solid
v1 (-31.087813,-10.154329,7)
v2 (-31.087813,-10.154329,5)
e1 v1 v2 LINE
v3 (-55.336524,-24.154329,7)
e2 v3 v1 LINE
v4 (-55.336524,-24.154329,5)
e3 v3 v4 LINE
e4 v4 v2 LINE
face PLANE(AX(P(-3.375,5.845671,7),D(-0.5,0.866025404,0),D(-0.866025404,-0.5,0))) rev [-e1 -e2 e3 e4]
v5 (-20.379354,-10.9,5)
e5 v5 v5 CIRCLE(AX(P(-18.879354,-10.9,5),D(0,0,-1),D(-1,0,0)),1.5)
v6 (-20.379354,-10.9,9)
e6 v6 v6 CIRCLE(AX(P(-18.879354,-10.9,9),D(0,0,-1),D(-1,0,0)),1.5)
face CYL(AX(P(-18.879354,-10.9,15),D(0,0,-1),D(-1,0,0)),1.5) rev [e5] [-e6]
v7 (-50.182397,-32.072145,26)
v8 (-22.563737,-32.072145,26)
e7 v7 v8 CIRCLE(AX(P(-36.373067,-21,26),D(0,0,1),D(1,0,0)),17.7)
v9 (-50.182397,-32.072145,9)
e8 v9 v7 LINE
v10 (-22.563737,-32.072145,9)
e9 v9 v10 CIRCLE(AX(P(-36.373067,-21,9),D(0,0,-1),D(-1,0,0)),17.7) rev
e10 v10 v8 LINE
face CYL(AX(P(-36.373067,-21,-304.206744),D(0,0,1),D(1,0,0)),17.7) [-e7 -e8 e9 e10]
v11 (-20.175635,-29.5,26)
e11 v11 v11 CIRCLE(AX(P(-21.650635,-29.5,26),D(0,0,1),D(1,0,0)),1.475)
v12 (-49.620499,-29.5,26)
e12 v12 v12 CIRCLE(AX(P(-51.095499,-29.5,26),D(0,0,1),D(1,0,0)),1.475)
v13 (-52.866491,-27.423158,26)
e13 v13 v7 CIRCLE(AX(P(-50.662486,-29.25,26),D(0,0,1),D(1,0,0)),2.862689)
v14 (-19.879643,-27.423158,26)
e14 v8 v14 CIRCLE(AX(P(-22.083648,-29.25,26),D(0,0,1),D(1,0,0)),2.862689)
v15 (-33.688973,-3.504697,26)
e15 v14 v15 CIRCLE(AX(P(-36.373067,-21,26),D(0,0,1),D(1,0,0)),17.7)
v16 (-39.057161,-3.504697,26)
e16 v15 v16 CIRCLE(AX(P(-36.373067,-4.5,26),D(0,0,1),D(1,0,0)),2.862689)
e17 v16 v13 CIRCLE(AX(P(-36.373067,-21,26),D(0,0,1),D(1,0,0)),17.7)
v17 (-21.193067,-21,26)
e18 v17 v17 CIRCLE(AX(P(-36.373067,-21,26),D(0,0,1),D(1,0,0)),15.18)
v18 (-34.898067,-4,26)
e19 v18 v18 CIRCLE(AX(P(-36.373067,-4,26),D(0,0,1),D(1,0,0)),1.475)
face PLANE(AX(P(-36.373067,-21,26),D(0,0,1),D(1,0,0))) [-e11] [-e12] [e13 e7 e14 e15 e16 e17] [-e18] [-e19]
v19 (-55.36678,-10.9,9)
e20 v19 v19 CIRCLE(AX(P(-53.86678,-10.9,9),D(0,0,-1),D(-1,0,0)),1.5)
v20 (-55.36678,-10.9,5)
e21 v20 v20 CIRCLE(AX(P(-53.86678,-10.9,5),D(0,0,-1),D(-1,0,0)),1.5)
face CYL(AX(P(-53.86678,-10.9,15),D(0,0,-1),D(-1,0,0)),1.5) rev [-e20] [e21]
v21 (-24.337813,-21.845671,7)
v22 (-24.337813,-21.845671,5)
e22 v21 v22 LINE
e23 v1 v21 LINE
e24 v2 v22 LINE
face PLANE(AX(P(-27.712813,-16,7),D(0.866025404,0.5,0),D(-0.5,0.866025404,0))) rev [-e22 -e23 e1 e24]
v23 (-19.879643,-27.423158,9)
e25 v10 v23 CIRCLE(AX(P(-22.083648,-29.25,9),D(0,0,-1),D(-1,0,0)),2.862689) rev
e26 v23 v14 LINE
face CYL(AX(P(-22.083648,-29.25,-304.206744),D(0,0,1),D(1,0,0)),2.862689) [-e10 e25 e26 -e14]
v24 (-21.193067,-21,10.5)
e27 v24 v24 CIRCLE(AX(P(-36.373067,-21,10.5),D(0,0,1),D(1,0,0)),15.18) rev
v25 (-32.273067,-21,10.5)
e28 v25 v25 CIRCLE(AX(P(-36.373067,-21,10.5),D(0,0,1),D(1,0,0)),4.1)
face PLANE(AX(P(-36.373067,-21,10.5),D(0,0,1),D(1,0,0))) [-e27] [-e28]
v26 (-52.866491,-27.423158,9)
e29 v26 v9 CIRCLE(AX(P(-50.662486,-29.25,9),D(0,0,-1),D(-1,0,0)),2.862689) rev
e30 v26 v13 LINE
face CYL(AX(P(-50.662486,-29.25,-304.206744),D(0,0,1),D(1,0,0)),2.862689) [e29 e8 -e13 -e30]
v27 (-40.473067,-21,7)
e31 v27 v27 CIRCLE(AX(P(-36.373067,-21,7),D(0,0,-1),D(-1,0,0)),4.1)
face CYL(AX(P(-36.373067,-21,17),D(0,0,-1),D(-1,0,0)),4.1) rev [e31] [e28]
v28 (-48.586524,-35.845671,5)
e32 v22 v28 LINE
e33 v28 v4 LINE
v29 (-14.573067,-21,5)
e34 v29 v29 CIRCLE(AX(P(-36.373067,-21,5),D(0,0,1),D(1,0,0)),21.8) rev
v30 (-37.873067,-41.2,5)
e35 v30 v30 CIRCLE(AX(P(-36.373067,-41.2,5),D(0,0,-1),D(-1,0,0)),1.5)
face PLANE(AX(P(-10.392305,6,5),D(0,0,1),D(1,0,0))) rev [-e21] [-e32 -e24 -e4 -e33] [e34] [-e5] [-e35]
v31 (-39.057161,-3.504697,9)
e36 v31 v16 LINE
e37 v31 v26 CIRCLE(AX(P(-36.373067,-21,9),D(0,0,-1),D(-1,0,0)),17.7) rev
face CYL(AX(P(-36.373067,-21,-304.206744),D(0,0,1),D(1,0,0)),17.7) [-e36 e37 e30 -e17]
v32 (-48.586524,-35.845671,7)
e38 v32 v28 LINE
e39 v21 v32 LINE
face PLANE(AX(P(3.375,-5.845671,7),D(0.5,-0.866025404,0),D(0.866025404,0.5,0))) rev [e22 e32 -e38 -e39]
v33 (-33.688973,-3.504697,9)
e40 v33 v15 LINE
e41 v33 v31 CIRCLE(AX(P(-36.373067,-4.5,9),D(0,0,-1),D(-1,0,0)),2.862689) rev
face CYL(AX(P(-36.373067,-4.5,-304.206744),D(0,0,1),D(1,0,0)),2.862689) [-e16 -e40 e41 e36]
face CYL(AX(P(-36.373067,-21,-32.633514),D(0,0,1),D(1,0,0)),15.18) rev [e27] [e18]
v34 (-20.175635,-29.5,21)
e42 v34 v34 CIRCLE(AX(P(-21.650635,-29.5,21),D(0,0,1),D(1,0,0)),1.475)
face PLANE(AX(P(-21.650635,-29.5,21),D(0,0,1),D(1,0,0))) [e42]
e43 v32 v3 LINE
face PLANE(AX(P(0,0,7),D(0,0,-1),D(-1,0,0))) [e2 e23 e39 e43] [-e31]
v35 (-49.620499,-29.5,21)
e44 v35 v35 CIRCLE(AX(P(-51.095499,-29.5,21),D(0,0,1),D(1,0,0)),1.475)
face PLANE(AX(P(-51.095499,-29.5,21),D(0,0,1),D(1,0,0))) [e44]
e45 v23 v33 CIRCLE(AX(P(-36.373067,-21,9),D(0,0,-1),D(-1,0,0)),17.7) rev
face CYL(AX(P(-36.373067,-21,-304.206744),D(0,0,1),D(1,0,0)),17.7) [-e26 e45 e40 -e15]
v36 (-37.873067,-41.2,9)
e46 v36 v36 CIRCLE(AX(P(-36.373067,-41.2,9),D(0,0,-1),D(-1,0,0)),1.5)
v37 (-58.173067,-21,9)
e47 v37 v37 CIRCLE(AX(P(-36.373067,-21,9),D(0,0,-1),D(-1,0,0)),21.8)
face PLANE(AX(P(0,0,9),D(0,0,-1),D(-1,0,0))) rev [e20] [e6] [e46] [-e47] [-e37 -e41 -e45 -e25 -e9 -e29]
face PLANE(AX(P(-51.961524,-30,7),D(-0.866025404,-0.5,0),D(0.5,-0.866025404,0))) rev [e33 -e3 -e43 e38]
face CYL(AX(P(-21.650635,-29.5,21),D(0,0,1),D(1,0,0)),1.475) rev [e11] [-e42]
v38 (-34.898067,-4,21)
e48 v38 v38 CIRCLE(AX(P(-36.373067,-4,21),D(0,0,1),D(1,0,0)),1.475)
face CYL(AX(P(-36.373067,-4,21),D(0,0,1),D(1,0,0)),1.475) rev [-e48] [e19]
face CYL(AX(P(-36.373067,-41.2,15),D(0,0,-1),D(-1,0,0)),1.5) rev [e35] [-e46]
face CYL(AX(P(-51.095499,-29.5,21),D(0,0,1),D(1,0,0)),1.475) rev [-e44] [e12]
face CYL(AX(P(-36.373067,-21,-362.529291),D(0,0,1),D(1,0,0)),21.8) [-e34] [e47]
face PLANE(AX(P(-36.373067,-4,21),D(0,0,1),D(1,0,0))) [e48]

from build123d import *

# Parameters (mm, degrees)
SKETCH_1_R           = 20
SKETCH_1_R_2         = 15.75
EXTRUDE_1_DEPTH      = 5
EXTRUDE_2_DEPTH      = 8
SKETCH_3_R           = 18
EXTRUDE_3_DEPTH      = 13
EXTRUDE_6_DEPTH      = 8
SKETCH_4_R           = 15
CUT_EXTRUDE_1_DEPTH  = 15.5
SKETCH_7_R           = 3
CUT_EXTRUDE_2_DEPTH  = 10
EXTRUDE_7_REACH      = 92.44
SKETCH_9_R           = 1.475
CUT_EXTRUDE_3_DEPTH  = 5
SKETCH_10_W          = 1.475
SKETCH_10_H          = 47.880376143
SKETCH_11_W          = 47.783072431
SKETCH_11_H          = 1.475
CUT_EXTRUDE_START    = -2
SKETCH_12_R          = 3
CUT_EXTRUDE_4_DEPTH  = 2
SKETCH_13_R          = 15.15
SKETCH_13_R_2        = 15.25
SKETCH_13_R_3        = 15.18
CUT_EXTRUDE_5_DEPTH  = 15.5
SKETCH_14_R          = 15.75
CUT_EXTRUDE_6_DEPTH  = 8
CUT_EXTRUDE_START_2  = -17
SKETCH_15_R          = 110.73530619
CUT_EXTRUDE_8_DEPTH  = 17
SKETCH_16_R          = 128.173460151
SKETCH_16_R_2        = 21.8
CUT_EXTRUDE_10_DEPTH = 9
SKETCH_18_R          = 4.1
CUT_EXTRUDE_12_DEPTH = 10
SKETCH_19_R          = 1.5
CUT_EXTRUDE_14_DEPTH = 10


with BuildPart() as part:
    # 草图1 → 凸台-拉伸1 (new body)
    with BuildSketch(Plane.XY):
        Circle(SKETCH_1_R)
        Circle(SKETCH_1_R_2, mode=Mode.SUBTRACT)
    extrude(amount=EXTRUDE_1_DEPTH)

    # 草图2 → 凸台-拉伸2 (add)
    with BuildSketch(Plane.XY.offset(5)):
        with BuildLine():
            ThreePointArc((0, -25.892443989), (42.435244785, -24.5), (22.423514261, 12.946221995))
            ThreePointArc((22.423514261, 12.946221995), (0, 49), (-22.423514261, 12.946221995))
            ThreePointArc((-22.423514261, 12.946221995), (-42.435244785, -24.5), (0, -25.892443989))
        make_face()
    extrude(amount=EXTRUDE_2_DEPTH)

    # 草图3 → 凸台-拉伸3 (add)
    with BuildSketch(Plane.XY.offset(13)):
        with Locations(Location((0, 42, 0), (0, 0, 182.034073739))):
            Circle(SKETCH_3_R)
        with Locations(Location((36.373066959, -21, 0), (0, 0, 237.965926261))):
            Circle(SKETCH_3_R)
        with Locations(Location((-36.373066959, -21, 0), (0, 0, 117.965926261))):
            Circle(SKETCH_3_R)
    extrude(amount=EXTRUDE_3_DEPTH)

    # 草图8 → 凸台-拉伸6 (add)
    with BuildSketch(Plane(origin=(0, 0, 5), x_dir=(-1, 0, 0), z_dir=(0, 0, -1))):
        with BuildLine():
            ThreePointArc((28.527895654, -41.553668461), (55.425625842, -32), (50.250480335, -3.929048123))
            ThreePointArc((50.250480335, -3.929048123), (31.431769398, 18.147140523), (21.72258468, 45.482716583))
            ThreePointArc((21.72258468, 45.482716583), (0, 64), (-21.72258468, 45.482716583))
            ThreePointArc((-21.72258468, 45.482716583), (-31.431769398, 18.147140523), (-50.250480335, -3.929048123))
            ThreePointArc((-50.250480335, -3.929048123), (-55.425625842, -32), (-28.527895654, -41.553668461))
            ThreePointArc((-28.527895654, -41.553668461), (0, -36.294281046), (28.527895654, -41.553668461))
        make_face()
        with BuildLine():
            ThreePointArc((22.423514261, 12.946221995), (42.435244785, -24.5), (0, -25.892443989))
            ThreePointArc((0, -25.892443989), (-42.435244785, -24.5), (-22.423514261, 12.946221995))
            ThreePointArc((-22.423514261, 12.946221995), (0, 49), (22.423514261, 12.946221995))
        make_face(mode=Mode.SUBTRACT)
    extrude(amount=-EXTRUDE_6_DEPTH)

    # 草图4 → 切除-拉伸1 (cut)
    with BuildSketch(Plane.XY.offset(26)):
        with Locations((0, 42)):
            Circle(SKETCH_4_R)
        with Locations((36.373066959, -21)):
            Circle(SKETCH_4_R)
        with Locations((-36.373066959, -21)):
            Circle(SKETCH_4_R)
    extrude(amount=-CUT_EXTRUDE_1_DEPTH, mode=Mode.SUBTRACT)

    # 草图7 → 切除-拉伸2 (cut)
    with BuildSketch(Plane.XY.offset(10.5)):
        with Locations((0, 42)):
            Circle(SKETCH_7_R)
        with Locations((36.373066959, -21)):
            Circle(SKETCH_7_R)
        with Locations((-36.373066959, -21)):
            Circle(SKETCH_7_R)
    extrude(amount=-CUT_EXTRUDE_2_DEPTH, mode=Mode.SUBTRACT)

    # 草图6 → 凸台-拉伸7 (add, up to next)
    with BuildSketch(Plane.XY.offset(26), mode=Mode.PRIVATE) as extrude_7_sk1:
        with BuildLine():
            ThreePointArc((2.644358031, 56.765072658), (0, 61.66268909), (-2.644358031, 56.765072658))
            ThreePointArc((-2.644358031, 56.765072658), (0, 57), (2.644358031, 56.765072658))
        make_face()
    extrude_7_tool1 = extrude(extrude_7_sk1.sketch, amount=-EXTRUDE_7_REACH, mode=Mode.PRIVATE) - part.part
    # 草图6 → 凸台-拉伸7 (add, up to next)
    with BuildSketch(Plane.XY.offset(26), mode=Mode.PRIVATE) as extrude_7_sk2:
        with BuildLine():
            ThreePointArc((11.464748995, 32.327382439), (17.028388258, 32.168655455), (14.109107026, 36.907544902))
            ThreePointArc((14.109107026, 36.907544902), (12.990381057, 34.5), (11.464748995, 32.327382439))
        make_face()
    extrude_7_tool2 = extrude(extrude_7_sk2.sketch, amount=-EXTRUDE_7_REACH, mode=Mode.PRIVATE) - part.part
    # 草图6 → 凸台-拉伸7 (add, up to next)
    with BuildSketch(Plane.XY.offset(26), mode=Mode.PRIVATE) as extrude_7_sk3:
        with BuildLine():
            ThreePointArc((-14.109107026, 36.907544902), (-17.028388258, 32.168655455), (-11.464748995, 32.327382439))
            ThreePointArc((-11.464748995, 32.327382439), (-12.990381057, 34.5), (-14.109107026, 36.907544902))
        make_face()
    extrude_7_tool3 = extrude(extrude_7_sk3.sketch, amount=-EXTRUDE_7_REACH, mode=Mode.PRIVATE) - part.part
    # 草图6 → 凸台-拉伸7 (add, up to next)
    with BuildSketch(Plane.XY.offset(26), mode=Mode.PRIVATE) as extrude_7_sk4:
        with BuildLine():
            ThreePointArc((47.837815954, -30.672617561), (53.401455217, -30.831344545), (50.482173985, -26.092455098))
            ThreePointArc((50.482173985, -26.092455098), (49.363448016, -28.5), (47.837815954, -30.672617561))
        make_face()
    extrude_7_tool4 = extrude(extrude_7_sk4.sketch, amount=-EXTRUDE_7_REACH, mode=Mode.PRIVATE) - part.part
    # 草图6 → 凸台-拉伸7 (add, up to next)
    with BuildSketch(Plane.XY.offset(26), mode=Mode.PRIVATE) as extrude_7_sk5:
        with BuildLine():
            ThreePointArc((22.263959933, -26.092455098), (19.344678701, -30.831344545), (24.908317964, -30.672617561))
            ThreePointArc((24.908317964, -30.672617561), (23.382685902, -28.5), (22.263959933, -26.092455098))
        make_face()
    extrude_7_tool5 = extrude(extrude_7_sk5.sketch, amount=-EXTRUDE_7_REACH, mode=Mode.PRIVATE) - part.part
    # 草图6 → 凸台-拉伸7 (add, up to next)
    with BuildSketch(Plane.XY.offset(26), mode=Mode.PRIVATE) as extrude_7_sk6:
        with BuildLine():
            ThreePointArc((39.01742499, -6.234927342), (36.373066959, -1.33731091), (33.728708928, -6.234927342))
            ThreePointArc((33.728708928, -6.234927342), (36.373066959, -6), (39.01742499, -6.234927342))
        make_face()
    extrude_7_tool6 = extrude(extrude_7_sk6.sketch, amount=-EXTRUDE_7_REACH, mode=Mode.PRIVATE) - part.part
    # 草图6 → 凸台-拉伸7 (add, up to next)
    with BuildSketch(Plane.XY.offset(26), mode=Mode.PRIVATE) as extrude_7_sk7:
        with BuildLine():
            ThreePointArc((-50.482173985, -26.092455098), (-53.401455217, -30.831344545), (-47.837815954, -30.672617561))
            ThreePointArc((-47.837815954, -30.672617561), (-49.363448016, -28.5), (-50.482173985, -26.092455098))
        make_face()
    extrude_7_tool7 = extrude(extrude_7_sk7.sketch, amount=-EXTRUDE_7_REACH, mode=Mode.PRIVATE) - part.part
    # 草图6 → 凸台-拉伸7 (add, up to next)
    with BuildSketch(Plane.XY.offset(26), mode=Mode.PRIVATE) as extrude_7_sk8:
        with BuildLine():
            ThreePointArc((-33.728708928, -6.234927342), (-36.373066959, -1.33731091), (-39.01742499, -6.234927342))
            ThreePointArc((-39.01742499, -6.234927342), (-36.373066959, -6), (-33.728708928, -6.234927342))
        make_face()
    extrude_7_tool8 = extrude(extrude_7_sk8.sketch, amount=-EXTRUDE_7_REACH, mode=Mode.PRIVATE) - part.part
    # 草图6 → 凸台-拉伸7 (add, up to next)
    with BuildSketch(Plane.XY.offset(26), mode=Mode.PRIVATE) as extrude_7_sk9:
        with BuildLine():
            ThreePointArc((-24.908317964, -30.672617561), (-19.344678701, -30.831344545), (-22.263959933, -26.092455098))
            ThreePointArc((-22.263959933, -26.092455098), (-23.382685902, -28.5), (-24.908317964, -30.672617561))
        make_face()
    extrude_7_tool9 = extrude(extrude_7_sk9.sketch, amount=-EXTRUDE_7_REACH, mode=Mode.PRIVATE) - part.part
    add(extrude_7_tool1.solids().sort_by_distance((0, 59.041522, 26))[0])
    add(extrude_7_tool2.solids().sort_by_distance((14.758391, 33.479239, 26))[0])
    add(extrude_7_tool3.solids().sort_by_distance((-14.758391, 33.479239, 26))[0])
    add(extrude_7_tool4.solids().sort_by_distance((51.131457, -29.520761, 26))[0])
    add(extrude_7_tool5.solids().sort_by_distance((21.614676, -29.520761, 26))[0])
    add(extrude_7_tool6.solids().sort_by_distance((36.373067, -3.958478, 26))[0])
    add(extrude_7_tool7.solids().sort_by_distance((-51.131457, -29.520761, 26))[0])
    add(extrude_7_tool8.solids().sort_by_distance((-36.373067, -3.958478, 26))[0])
    add(extrude_7_tool9.solids().sort_by_distance((-21.614676, -29.520761, 26))[0])

    # 草图9 → 切除-拉伸3 (cut)
    with BuildSketch(Plane.XY.offset(26)):
        with Locations((0, 59)):
            Circle(SKETCH_9_R)
        with Locations((14.722431864, 33.5)):
            Circle(SKETCH_9_R)
        with Locations((-14.722431864, 33.5)):
            Circle(SKETCH_9_R)
        with Locations((51.095498823, -29.5)):
            Circle(SKETCH_9_R)
        with Locations((21.650635095, -29.5)):
            Circle(SKETCH_9_R)
        with Locations((36.373066959, -4)):
            Circle(SKETCH_9_R)
        with Locations((-51.095498823, -29.5)):
            Circle(SKETCH_9_R)
        with Locations((-36.373066959, -4)):
            Circle(SKETCH_9_R)
        with Locations((-21.650635095, -29.5)):
            Circle(SKETCH_9_R)
    extrude(amount=-CUT_EXTRUDE_3_DEPTH, mode=Mode.SUBTRACT)

    # 草图10 → 切除-旋转1 (revolve, cut)
    with BuildSketch(Plane(origin=(0, 0, 2.5), x_dir=(-1, 0, 0), z_dir=(0, 0, -1)), mode=Mode.PRIVATE) as cut_revolve_1_sk:
        with Locations((0.7375, -0.269128361)):
            Rectangle(SKETCH_10_W, SKETCH_10_H)
    revolve(cut_revolve_1_sk.sketch.rotate(Axis((0, 26.597082696, 2.5), (0, -1, 0)), 270), axis=Axis((0, 26.597082696, 2.5), (0, -1, 0)), mode=Mode.SUBTRACT)

    # 草图11 → 切除-旋转2 (revolve, cut)
    with BuildSketch(Plane(origin=(0, 0, 2.5), x_dir=(-1, 0, 0), z_dir=(0, 0, -1)), mode=Mode.PRIVATE) as cut_revolve_2_sk:
        with Locations((0.227220258, 0.7375)):
            Rectangle(SKETCH_11_W, SKETCH_11_H)
    revolve(cut_revolve_2_sk.sketch.rotate(Axis((35.344622551, 0, 2.5), (-1, 0, 0)), 90), axis=Axis((35.344622551, 0, 2.5), (-1, 0, 0)), mode=Mode.SUBTRACT)

    # 草图12 → 切除-拉伸4 (cut)
    # profile 1 of 3: a face of its own
    with BuildSketch(Plane(origin=(0, 0, 5), x_dir=(-1, 0, 0), z_dir=(0, 0, -1)).offset(CUT_EXTRUDE_START)):
        Polygon((-6.75, 32), (0, 32), (6.75, 32), (6.75, 60), (-6.75, 60), align=None)
        with Locations(Location((0, 42, 0), (0, 0, 180))):
            Circle(SKETCH_12_R, mode=Mode.SUBTRACT)
    # profile 2 of 3: a face of its own
    with BuildSketch(Plane(origin=(0, 0, 5), x_dir=(-1, 0, 0), z_dir=(0, 0, -1)).offset(CUT_EXTRUDE_START)):
        Polygon((-31.087812921, -10.154328524), (-55.336524227, -24.154328524), (-48.586524227, -35.845671476), (-24.337812921, -21.845671476), (-27.712812921, -16), align=None)
        with Locations(Location((-36.373066959, -21, 0), (0, 0, 180))):
            Circle(SKETCH_12_R, mode=Mode.SUBTRACT)
    # profile 3 of 3: a face of its own
    with BuildSketch(Plane(origin=(0, 0, 5), x_dir=(-1, 0, 0), z_dir=(0, 0, -1)).offset(CUT_EXTRUDE_START)):
        Polygon((24.337812921, -21.845671476), (48.586524227, -35.845671476), (55.336524227, -24.154328524), (31.087812921, -10.154328524), (27.712812921, -16), align=None)
        with Locations(Location((36.373066959, -21, 0), (0, 0, 180))):
            Circle(SKETCH_12_R, mode=Mode.SUBTRACT)
    extrude(amount=CUT_EXTRUDE_4_DEPTH, mode=Mode.SUBTRACT)

    # 草图13 → 切除-拉伸5 (cut)
    with BuildSketch(Plane.XY.offset(26)):
        with Locations((0, 42)):
            Circle(SKETCH_13_R)
        with Locations((36.373066959, -21)):
            Circle(SKETCH_13_R_2)
        with Locations((-36.373066959, -21)):
            Circle(SKETCH_13_R_3)
    extrude(amount=-CUT_EXTRUDE_5_DEPTH, mode=Mode.SUBTRACT)

    # 草图14 → 切除-拉伸6 (cut)
    with BuildSketch(Plane(origin=(0, 0, 5), x_dir=(-1, 0, 0), z_dir=(0, 0, -1))):
        with Locations(Location((0, 0, 0), (0, 0, 180))):
            Circle(SKETCH_14_R)
    extrude(amount=-CUT_EXTRUDE_6_DEPTH, mode=Mode.SUBTRACT)

    # 草图15 → 切除-拉伸8 (cut)
    with BuildSketch(Plane.XY.offset(26).offset(CUT_EXTRUDE_START_2)):
        with Locations((-36.373066959, -21)):
            Circle(SKETCH_15_R)
        with BuildLine():
            ThreePointArc((-39.057160852, -3.504696631), (-51.701716606, -12.15), (-52.86649107, -27.423158187))
            ThreePointArc((-52.86649107, -27.423158187), (-53.141647596, -30.681344545), (-50.182397177, -32.072145182))
            ThreePointArc((-50.182397177, -32.072145182), (-36.373066959, -38.7), (-22.563736741, -32.072145182))
            ThreePointArc((-22.563736741, -32.072145182), (-19.604486322, -30.681344545), (-19.879642848, -27.423158187))
            ThreePointArc((-19.879642848, -27.423158187), (-21.044417312, -12.15), (-33.688973066, -3.504696631))
            ThreePointArc((-33.688973066, -3.504696631), (-36.373066959, -1.63731091), (-39.057160852, -3.504696631))
        make_face(mode=Mode.SUBTRACT)
    extrude(amount=CUT_EXTRUDE_8_DEPTH, mode=Mode.SUBTRACT)

    # 草图16 → 切除-拉伸10 (cut)
    with BuildSketch(Plane(origin=(0, 0, 9), x_dir=(-1, 0, 0), z_dir=(0, 0, -1))):
        with Locations((36.373066959, -21)):
            Circle(SKETCH_16_R)
        with Locations(Location((36.373066959, -21, 0), (0, 0, 180))):
            Circle(SKETCH_16_R_2, mode=Mode.SUBTRACT)
    extrude(amount=CUT_EXTRUDE_10_DEPTH, mode=Mode.SUBTRACT)

    # 草图18 → 切除-拉伸12 (cut)
    with BuildSketch(Plane(origin=(0, 0, 7), x_dir=(-1, 0, 0), z_dir=(0, 0, -1))):
        with Locations((36.373066959, -21)):
            Circle(SKETCH_18_R)
    extrude(amount=-CUT_EXTRUDE_12_DEPTH, mode=Mode.SUBTRACT)

    # 草图19 → 切除-拉伸14 (cut)
    with BuildSketch(Plane(origin=(0, 0, 5), x_dir=(-1, 0, 0), z_dir=(0, 0, -1))):
        with Locations((36.373066959, -41.2)):
            Circle(SKETCH_19_R)
        with Locations((18.879353802, -10.9)):
            Circle(SKETCH_19_R)
        with Locations((53.866780115, -10.9)):
            Circle(SKETCH_19_R)
    extrude(amount=-CUT_EXTRUDE_14_DEPTH, mode=Mode.SUBTRACT)


solid = part.part
